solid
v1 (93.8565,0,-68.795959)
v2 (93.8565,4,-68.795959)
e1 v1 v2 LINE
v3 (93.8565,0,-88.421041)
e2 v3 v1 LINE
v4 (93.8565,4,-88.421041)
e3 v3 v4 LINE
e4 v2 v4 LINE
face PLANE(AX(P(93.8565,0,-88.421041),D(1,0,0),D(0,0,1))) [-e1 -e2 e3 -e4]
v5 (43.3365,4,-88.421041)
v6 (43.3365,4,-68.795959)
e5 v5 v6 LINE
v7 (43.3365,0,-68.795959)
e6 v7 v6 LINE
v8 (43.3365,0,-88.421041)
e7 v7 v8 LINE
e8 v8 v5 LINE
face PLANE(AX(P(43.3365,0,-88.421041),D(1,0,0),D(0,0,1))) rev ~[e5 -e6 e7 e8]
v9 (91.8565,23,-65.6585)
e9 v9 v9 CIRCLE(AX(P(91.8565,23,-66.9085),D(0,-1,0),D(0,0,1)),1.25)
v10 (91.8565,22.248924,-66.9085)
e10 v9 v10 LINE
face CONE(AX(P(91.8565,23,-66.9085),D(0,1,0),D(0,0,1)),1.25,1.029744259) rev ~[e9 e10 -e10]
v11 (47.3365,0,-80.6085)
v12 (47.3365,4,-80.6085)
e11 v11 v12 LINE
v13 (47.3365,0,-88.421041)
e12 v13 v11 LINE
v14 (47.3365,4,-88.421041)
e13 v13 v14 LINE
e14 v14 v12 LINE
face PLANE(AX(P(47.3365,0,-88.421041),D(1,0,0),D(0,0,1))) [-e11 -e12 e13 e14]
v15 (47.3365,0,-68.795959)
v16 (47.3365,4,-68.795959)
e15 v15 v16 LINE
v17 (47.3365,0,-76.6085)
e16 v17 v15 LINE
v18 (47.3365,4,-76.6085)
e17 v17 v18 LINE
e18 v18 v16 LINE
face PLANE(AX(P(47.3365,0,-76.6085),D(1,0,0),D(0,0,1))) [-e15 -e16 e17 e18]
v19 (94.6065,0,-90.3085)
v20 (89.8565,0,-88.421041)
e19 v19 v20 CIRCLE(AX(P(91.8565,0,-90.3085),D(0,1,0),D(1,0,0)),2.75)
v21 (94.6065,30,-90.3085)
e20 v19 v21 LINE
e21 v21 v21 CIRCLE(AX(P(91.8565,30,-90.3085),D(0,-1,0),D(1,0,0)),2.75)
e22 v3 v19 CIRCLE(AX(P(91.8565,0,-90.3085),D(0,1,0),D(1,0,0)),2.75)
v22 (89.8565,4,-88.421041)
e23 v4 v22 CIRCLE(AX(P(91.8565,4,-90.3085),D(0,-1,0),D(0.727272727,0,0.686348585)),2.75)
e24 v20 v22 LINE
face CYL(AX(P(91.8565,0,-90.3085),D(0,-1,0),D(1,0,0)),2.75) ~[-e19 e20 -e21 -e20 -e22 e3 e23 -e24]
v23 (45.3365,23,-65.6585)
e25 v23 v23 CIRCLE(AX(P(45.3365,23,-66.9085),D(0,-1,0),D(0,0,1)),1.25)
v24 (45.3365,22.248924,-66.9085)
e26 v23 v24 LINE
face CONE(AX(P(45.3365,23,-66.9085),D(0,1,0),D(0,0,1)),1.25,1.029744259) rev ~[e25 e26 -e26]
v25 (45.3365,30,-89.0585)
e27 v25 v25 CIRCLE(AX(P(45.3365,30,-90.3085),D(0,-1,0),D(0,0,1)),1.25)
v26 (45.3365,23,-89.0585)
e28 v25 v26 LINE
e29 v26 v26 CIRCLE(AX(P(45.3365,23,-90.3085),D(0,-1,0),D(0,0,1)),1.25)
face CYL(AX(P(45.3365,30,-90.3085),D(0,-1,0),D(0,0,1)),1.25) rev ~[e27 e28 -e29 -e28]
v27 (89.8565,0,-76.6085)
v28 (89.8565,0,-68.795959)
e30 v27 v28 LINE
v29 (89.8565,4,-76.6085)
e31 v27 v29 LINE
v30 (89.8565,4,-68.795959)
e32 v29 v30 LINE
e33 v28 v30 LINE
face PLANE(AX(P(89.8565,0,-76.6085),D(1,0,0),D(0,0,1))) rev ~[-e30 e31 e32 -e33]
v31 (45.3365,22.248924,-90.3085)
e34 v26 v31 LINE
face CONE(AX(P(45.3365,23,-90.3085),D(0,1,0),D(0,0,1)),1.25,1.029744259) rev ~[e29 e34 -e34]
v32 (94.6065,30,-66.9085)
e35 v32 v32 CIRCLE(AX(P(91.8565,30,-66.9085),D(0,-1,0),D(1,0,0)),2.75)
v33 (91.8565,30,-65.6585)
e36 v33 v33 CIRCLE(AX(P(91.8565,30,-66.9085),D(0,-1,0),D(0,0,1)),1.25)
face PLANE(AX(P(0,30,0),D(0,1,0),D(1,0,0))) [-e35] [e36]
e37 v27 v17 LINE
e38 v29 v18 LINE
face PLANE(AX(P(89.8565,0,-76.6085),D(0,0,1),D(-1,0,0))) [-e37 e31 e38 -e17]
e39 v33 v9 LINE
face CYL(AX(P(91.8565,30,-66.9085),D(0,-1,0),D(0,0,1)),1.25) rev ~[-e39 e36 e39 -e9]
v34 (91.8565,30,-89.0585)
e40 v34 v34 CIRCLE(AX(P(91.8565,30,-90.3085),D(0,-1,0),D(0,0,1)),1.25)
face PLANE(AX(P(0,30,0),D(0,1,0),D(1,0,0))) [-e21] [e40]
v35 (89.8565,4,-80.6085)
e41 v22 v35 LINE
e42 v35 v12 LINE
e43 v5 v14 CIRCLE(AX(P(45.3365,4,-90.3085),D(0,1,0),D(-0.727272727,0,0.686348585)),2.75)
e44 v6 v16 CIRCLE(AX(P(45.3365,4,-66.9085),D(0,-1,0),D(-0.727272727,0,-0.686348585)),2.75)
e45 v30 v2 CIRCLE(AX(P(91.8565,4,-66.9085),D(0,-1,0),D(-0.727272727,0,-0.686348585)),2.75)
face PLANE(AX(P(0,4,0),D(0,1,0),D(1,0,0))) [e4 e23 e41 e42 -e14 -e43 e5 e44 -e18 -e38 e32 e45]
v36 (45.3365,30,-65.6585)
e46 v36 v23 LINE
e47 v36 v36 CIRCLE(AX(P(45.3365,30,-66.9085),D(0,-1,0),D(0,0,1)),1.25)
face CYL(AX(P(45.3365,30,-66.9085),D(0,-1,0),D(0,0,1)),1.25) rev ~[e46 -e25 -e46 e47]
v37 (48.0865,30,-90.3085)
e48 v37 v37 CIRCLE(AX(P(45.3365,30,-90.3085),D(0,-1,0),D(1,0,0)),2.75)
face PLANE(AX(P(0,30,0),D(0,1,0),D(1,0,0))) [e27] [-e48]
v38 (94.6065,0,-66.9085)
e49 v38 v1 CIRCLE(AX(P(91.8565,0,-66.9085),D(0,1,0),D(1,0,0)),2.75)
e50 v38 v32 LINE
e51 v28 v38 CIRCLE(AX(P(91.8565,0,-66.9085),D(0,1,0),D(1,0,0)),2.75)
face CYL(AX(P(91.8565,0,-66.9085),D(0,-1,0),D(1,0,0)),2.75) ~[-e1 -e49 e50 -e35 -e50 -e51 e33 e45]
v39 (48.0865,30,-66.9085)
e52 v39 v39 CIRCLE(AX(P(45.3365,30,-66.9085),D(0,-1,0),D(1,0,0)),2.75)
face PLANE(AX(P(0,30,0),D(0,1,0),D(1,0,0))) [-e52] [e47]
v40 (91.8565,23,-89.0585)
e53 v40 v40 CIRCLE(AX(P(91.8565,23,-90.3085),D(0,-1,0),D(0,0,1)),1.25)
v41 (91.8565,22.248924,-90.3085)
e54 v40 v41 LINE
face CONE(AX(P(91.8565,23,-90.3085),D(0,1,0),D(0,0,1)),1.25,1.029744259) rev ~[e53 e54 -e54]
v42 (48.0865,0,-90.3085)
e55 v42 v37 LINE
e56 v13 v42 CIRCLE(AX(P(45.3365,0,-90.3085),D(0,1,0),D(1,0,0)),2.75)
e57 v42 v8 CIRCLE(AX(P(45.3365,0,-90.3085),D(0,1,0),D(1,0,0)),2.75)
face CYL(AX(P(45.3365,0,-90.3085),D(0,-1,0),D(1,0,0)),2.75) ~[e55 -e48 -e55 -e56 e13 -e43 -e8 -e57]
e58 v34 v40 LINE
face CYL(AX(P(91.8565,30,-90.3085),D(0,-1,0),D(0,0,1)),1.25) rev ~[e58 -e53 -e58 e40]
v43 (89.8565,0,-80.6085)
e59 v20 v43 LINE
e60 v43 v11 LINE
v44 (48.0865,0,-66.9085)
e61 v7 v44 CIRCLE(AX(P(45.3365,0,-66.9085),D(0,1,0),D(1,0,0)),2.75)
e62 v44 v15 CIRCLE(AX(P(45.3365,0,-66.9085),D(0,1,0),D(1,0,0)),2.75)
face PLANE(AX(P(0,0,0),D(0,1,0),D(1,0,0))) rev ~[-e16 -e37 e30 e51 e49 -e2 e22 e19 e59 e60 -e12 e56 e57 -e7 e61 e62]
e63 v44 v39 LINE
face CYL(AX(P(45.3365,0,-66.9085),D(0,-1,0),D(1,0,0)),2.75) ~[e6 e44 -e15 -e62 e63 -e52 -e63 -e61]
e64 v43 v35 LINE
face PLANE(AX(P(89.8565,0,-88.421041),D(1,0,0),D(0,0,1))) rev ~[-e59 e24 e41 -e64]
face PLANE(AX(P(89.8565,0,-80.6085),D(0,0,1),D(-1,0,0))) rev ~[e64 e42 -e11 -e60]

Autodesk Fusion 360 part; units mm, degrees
sketch "Schizzo8" plane through (0, 0, 0) normal (0, 1, 0) x (1, 0, 0)
  line L0 (45.3365, 90.3085) -> (91.8565, 90.3085)
  line L1 (91.8565, 90.3085) -> (91.8565, 66.9085)
  line L2 (91.8565, 66.9085) -> (45.3365, 66.9085)
  line L3 (45.3365, 66.9085) -> (45.3365, 90.3085)
  circle A0 centre (45.3365, 90.3085) radius 2.75
  circle A1 centre (91.8565, 90.3085) radius 2.75
  circle A2 centre (91.8565, 66.9085) radius 2.75
  circle A3 centre (45.3365, 66.9085) radius 2.75
  line L4 (45.3365, 90.3085) -> (47.3365, 90.3085)
  line L5 (45.3365, 90.3085) -> (43.3365, 90.3085)
  line L6 (43.3365, 90.3085) -> (43.3365, 66.9085)
  line L7 (47.3365, 90.3085) -> (47.3365, 66.9085)
  line L8 (91.8565, 90.3085) -> (93.8565, 90.3085)
  line L9 (91.8565, 90.3085) -> (89.8565, 90.3085)
  line L10 (89.8565, 90.3085) -> (89.8565, 66.9085)
  line L11 (93.8565, 90.3085) -> (93.8565, 66.9085)
  line L12 (93.8565, 78.6085) -> (93.8565, 80.6085)
  line L13 (93.8565, 78.6085) -> (93.8565, 76.6085)
  line L14 (93.8565, 80.6085) -> (43.3365, 80.6085)
  line L15 (93.8565, 76.6085) -> (43.3365, 76.6085)
  dimension "d71" = 46.52
  dimension "d72" = 23.4
  dimension "d73" = 5.5
  dimension "d74" = 5.5
  dimension "d75" = 5.5
  dimension "d76" = 5.5
  dimension "d77" = 2
  dimension "d78" = 2
  dimension "d79" = 2
  dimension "d80" = 2
  dimension "d81" = 2
  dimension "d82" = 2
extrude "Estrusione14" add sketch "Schizzo8" along normal blind 4 contours L3 A0 L7 L14 | L3 A0 L6 L14 | L3 L7 L14 L15 | L3 L6 L14 L15 | L7 L10 L14 L15 | L3 A3 L7 L15 | L3 A3 L6 L15 | L1 A1 L10 L14 | L1 L10 L14 L15 | L1 A1 L11 L14 | L1 A2 L10 L15 | L1 L11 L12 L13 L14 L15 | L1 A2 L11 L15
extrude "Estrusione15" add sketch "Schizzo8" along normal blind 30 contours L0 A0 L4 L5 L6 | L0 L3 A0 L4 L7 | L3 A0 L5 L6 | L0 A0 L7 | L0 A1 L8 L9 L11 | L0 A1 L10 | L0 L1 A1 L9 L10 | L2 L3 A3 L7 | L2 L3 A3 | L1 A1 L8 L11 | L2 A3 L7 | L2 A2 L10 | L1 L2 A2 L10 | L1 L2 A2
hole "Foratura5" at (45.3365, 30, -90.3085) direction (0, -1, 0) diameter 2.5 depth 7 tip angle 118
hole "Foratura6" at (45.3365, 30, -66.9085) direction (0, -1, 0) diameter 2.5 depth 7 tip angle 118
hole "Foratura7" at (91.8565, 30, -66.9085) direction (0, -1, 0) diameter 2.5 depth 7 tip angle 118
hole "Foratura8" at (91.8565, 30, -90.3085) direction (0, -1, 0) diameter 2.5 depth 7 tip angle 118
